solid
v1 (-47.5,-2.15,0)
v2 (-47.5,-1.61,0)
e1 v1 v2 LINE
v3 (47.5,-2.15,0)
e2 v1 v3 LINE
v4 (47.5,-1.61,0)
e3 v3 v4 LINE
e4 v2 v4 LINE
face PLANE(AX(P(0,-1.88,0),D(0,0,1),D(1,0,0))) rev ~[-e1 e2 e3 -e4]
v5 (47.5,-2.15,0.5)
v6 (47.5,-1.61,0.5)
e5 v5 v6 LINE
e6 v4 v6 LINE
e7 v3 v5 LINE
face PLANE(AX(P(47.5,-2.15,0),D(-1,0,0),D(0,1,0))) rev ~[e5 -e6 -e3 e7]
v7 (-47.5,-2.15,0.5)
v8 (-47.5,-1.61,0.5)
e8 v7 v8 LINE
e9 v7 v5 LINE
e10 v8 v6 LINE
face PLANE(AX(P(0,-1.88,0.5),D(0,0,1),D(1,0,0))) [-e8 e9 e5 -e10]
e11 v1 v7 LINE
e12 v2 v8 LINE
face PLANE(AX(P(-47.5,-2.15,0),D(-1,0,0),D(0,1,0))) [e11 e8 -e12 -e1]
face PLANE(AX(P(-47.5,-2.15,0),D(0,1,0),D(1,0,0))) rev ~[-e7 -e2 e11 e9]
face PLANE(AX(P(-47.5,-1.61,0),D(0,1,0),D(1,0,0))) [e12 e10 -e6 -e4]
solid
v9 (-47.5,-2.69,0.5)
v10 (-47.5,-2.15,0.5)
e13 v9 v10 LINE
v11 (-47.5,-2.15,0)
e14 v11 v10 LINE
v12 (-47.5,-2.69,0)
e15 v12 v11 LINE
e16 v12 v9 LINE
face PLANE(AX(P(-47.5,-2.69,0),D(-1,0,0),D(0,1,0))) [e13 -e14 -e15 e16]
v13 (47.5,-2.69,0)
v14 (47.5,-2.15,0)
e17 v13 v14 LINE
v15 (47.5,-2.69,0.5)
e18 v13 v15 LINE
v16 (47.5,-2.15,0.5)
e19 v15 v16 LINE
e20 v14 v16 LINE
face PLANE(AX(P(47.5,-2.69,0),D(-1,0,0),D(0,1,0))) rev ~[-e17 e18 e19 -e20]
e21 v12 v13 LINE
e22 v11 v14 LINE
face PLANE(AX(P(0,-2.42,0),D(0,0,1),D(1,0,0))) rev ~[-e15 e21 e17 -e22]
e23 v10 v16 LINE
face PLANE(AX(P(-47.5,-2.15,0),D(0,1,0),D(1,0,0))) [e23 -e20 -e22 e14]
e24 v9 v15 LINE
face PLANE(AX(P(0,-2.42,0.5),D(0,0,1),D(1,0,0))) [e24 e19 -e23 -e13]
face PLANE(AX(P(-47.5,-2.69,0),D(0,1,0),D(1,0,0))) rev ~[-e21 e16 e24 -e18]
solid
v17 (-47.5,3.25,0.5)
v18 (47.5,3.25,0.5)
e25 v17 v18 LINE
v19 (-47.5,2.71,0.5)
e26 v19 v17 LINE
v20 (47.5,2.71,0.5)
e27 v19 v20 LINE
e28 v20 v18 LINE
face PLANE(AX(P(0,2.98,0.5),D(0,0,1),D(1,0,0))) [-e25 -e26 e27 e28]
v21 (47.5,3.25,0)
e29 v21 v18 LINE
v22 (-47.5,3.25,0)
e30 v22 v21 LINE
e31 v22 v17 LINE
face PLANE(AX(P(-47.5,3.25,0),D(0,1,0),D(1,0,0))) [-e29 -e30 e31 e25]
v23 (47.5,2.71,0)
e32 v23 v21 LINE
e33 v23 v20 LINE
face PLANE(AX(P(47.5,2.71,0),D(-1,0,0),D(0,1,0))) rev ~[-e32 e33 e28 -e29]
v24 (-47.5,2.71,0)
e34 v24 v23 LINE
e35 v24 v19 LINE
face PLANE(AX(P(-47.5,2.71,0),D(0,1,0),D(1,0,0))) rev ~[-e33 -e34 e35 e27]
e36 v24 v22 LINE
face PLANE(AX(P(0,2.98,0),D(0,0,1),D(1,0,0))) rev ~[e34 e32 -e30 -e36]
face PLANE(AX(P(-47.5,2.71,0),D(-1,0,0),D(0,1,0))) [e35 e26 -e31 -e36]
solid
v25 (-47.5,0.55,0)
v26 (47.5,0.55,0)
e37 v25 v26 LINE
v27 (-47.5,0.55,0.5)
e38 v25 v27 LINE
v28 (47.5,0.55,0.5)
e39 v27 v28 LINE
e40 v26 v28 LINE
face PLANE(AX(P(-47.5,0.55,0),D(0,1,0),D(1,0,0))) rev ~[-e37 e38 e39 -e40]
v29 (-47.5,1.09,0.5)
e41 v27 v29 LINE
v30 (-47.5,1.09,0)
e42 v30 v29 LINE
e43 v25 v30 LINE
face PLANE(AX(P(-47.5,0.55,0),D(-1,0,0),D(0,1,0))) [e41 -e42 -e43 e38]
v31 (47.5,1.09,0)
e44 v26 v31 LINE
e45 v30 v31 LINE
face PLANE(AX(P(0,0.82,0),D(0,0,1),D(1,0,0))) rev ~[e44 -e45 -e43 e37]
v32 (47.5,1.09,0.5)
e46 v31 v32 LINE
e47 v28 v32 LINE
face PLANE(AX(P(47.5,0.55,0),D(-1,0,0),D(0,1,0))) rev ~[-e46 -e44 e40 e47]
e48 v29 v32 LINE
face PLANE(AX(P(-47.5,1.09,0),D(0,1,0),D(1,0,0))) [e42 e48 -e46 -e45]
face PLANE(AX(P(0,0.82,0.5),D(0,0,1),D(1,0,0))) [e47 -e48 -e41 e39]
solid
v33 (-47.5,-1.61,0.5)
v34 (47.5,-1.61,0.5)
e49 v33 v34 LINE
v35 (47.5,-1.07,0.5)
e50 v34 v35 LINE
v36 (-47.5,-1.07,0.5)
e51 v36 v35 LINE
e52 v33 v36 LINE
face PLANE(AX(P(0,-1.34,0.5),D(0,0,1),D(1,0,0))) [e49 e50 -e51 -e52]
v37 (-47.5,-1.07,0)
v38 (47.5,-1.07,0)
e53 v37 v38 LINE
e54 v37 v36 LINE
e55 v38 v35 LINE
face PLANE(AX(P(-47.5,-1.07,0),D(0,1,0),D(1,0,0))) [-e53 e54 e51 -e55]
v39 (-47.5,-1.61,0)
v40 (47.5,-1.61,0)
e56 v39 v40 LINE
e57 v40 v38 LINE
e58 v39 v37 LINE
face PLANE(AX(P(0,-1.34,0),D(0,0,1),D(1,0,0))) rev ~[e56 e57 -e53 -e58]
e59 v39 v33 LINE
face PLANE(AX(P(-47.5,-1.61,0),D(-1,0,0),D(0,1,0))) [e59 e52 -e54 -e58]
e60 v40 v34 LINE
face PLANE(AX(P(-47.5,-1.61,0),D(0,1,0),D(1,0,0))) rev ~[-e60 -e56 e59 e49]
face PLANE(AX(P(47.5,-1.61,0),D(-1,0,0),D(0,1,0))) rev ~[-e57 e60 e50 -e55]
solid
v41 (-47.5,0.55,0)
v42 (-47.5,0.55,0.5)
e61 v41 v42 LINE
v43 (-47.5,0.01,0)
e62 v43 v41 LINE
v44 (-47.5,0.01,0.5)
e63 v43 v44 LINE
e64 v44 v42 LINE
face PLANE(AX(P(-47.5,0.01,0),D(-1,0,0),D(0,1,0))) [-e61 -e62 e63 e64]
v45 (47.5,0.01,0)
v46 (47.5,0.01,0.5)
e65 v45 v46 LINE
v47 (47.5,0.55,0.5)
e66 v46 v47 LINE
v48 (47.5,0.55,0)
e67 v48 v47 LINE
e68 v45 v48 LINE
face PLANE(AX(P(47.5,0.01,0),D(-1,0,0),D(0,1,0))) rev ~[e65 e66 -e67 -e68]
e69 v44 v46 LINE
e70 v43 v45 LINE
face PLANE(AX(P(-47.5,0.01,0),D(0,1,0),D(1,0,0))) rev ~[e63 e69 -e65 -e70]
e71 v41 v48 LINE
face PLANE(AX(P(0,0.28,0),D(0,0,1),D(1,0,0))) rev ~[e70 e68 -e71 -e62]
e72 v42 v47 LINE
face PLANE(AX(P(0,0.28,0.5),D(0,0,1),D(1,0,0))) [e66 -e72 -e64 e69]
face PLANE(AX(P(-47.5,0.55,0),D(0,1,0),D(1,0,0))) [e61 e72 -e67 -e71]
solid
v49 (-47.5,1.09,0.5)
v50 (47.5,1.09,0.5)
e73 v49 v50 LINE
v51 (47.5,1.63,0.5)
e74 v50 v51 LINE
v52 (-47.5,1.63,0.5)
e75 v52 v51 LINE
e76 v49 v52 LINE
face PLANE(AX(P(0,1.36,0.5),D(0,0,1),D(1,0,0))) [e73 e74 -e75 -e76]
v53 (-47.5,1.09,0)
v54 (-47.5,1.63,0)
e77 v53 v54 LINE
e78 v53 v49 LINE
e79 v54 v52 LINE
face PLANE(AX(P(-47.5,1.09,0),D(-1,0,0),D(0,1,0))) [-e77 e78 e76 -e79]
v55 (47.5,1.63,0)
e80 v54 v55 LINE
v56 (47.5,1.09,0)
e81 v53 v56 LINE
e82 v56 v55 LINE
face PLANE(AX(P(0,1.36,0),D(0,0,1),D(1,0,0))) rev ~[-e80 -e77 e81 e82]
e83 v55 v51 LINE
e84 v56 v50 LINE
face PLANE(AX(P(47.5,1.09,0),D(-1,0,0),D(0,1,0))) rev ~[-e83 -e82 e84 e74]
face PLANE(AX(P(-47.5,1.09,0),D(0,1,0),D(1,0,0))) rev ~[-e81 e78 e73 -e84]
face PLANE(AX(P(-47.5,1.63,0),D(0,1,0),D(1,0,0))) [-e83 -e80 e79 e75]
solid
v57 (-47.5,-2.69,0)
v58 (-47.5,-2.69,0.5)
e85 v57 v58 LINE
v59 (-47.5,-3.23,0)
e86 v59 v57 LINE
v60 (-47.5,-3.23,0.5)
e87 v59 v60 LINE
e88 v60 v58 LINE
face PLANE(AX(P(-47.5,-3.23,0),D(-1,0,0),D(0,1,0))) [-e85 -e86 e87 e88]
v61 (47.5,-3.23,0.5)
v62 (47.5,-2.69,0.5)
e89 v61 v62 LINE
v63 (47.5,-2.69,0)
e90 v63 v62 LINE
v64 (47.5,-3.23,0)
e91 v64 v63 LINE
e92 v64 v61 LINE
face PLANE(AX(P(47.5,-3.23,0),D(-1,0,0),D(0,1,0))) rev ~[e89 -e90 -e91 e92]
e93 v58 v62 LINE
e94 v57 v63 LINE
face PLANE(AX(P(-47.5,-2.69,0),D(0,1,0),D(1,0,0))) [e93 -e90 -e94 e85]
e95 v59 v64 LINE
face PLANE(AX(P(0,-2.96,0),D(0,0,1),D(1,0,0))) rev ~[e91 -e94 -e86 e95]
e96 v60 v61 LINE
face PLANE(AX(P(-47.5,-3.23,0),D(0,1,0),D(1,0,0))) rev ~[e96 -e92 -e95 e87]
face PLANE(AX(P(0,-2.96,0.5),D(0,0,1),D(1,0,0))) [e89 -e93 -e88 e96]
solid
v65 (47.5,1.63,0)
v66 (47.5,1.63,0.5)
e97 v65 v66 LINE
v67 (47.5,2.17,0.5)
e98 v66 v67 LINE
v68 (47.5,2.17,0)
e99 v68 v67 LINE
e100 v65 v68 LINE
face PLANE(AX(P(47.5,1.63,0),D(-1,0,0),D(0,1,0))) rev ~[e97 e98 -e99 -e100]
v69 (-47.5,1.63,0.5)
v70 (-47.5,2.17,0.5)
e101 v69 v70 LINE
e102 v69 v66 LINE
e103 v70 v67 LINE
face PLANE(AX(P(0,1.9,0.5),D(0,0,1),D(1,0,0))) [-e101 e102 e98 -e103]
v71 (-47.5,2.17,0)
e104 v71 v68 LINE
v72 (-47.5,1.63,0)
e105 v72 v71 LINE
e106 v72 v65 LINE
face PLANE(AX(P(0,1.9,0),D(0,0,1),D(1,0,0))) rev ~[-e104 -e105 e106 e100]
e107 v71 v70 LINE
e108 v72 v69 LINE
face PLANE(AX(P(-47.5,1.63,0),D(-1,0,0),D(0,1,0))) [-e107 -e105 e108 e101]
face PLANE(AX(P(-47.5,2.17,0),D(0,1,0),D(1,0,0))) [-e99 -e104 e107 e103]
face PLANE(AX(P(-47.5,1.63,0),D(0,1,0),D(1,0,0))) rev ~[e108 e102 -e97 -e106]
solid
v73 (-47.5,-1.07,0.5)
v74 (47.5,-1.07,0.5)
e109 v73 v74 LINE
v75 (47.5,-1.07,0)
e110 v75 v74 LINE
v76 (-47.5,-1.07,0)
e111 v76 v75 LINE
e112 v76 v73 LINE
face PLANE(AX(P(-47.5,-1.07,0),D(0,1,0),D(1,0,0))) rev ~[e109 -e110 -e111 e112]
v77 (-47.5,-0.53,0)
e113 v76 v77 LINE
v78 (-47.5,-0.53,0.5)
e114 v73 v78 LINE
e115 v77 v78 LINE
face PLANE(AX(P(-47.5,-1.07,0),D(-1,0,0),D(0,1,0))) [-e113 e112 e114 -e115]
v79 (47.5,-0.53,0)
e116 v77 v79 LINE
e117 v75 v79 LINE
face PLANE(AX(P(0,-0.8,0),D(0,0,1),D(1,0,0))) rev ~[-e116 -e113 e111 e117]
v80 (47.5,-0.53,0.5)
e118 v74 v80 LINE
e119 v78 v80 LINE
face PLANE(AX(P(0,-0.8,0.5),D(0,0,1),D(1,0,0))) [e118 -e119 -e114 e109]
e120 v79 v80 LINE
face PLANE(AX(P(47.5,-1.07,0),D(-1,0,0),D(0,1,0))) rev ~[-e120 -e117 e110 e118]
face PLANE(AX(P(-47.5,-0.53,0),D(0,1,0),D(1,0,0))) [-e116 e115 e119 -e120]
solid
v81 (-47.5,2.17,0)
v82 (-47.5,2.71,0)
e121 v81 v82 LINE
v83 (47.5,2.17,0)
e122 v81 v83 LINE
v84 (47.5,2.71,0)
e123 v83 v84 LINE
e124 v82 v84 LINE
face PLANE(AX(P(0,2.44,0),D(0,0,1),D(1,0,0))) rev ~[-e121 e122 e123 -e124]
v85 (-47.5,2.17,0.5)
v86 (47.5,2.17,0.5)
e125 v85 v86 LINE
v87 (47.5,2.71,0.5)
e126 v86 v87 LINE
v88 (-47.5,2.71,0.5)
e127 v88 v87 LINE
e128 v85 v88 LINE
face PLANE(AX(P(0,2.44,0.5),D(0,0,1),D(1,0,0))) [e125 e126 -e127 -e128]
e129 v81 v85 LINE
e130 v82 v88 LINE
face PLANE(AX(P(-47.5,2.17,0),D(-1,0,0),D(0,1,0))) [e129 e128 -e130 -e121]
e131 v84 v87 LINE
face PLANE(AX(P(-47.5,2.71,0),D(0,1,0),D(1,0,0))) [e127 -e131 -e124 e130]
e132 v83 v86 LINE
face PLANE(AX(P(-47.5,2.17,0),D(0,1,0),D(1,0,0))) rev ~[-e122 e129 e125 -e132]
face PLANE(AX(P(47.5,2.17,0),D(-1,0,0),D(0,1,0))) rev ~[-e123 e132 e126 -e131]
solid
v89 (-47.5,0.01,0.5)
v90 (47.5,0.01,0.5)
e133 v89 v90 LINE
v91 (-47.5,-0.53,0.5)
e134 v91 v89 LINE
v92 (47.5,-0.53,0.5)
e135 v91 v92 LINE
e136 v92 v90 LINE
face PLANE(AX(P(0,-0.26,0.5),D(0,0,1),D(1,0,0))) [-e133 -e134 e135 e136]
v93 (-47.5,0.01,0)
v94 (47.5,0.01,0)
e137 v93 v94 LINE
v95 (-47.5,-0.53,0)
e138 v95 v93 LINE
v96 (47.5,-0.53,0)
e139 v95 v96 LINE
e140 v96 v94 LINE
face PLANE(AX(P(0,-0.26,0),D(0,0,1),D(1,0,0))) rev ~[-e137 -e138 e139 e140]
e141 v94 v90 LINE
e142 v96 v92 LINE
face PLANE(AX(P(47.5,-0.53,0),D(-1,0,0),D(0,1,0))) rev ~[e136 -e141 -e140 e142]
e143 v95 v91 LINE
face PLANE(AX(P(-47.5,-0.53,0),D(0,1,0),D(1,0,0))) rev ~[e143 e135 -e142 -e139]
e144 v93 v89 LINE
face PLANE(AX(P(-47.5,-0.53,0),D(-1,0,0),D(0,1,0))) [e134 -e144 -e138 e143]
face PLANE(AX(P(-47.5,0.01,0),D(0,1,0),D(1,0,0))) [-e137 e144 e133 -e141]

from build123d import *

# Parameters (mm, degrees)
F0_W     = 95
F0_H     = 0.54
F1_DEPTH = 0.5
F2_DEPTH = 0.5


with BuildPart() as f1:
    # F0 (on Top) → F1 (new body)
    with BuildSketch(Plane.XY):
        with Locations((0, 2.98)):
            Rectangle(F0_W, F0_H)
        with Locations((0, 1.9)):
            Rectangle(F0_W, F0_H)
        with Locations((0, 0.82)):
            Rectangle(F0_W, F0_H)
        with Locations((0, -0.26)):
            Rectangle(F0_W, F0_H)
        with Locations((0, -1.34)):
            Rectangle(F0_W, F0_H)
        with Locations((0, -2.42)):
            Rectangle(F0_W, F0_H)
    extrude(amount=F1_DEPTH)


with BuildPart() as f2:
    # F0 (on Top) → F2 (new body)
    with BuildSketch(Plane.XY):
        with Locations((0, 2.44)):
            Rectangle(F0_W, F0_H)
        with Locations((0, 1.36)):
            Rectangle(F0_W, F0_H)
        with Locations((0, 0.28)):
            Rectangle(F0_W, F0_H)
        with Locations((0, -0.8)):
            Rectangle(F0_W, F0_H)
        with Locations((0, -1.88)):
            Rectangle(F0_W, F0_H)
        with Locations((0, -2.96)):
            Rectangle(F0_W, F0_H)
    extrude(amount=F2_DEPTH)


solid = Compound([f1.part, f2.part])
